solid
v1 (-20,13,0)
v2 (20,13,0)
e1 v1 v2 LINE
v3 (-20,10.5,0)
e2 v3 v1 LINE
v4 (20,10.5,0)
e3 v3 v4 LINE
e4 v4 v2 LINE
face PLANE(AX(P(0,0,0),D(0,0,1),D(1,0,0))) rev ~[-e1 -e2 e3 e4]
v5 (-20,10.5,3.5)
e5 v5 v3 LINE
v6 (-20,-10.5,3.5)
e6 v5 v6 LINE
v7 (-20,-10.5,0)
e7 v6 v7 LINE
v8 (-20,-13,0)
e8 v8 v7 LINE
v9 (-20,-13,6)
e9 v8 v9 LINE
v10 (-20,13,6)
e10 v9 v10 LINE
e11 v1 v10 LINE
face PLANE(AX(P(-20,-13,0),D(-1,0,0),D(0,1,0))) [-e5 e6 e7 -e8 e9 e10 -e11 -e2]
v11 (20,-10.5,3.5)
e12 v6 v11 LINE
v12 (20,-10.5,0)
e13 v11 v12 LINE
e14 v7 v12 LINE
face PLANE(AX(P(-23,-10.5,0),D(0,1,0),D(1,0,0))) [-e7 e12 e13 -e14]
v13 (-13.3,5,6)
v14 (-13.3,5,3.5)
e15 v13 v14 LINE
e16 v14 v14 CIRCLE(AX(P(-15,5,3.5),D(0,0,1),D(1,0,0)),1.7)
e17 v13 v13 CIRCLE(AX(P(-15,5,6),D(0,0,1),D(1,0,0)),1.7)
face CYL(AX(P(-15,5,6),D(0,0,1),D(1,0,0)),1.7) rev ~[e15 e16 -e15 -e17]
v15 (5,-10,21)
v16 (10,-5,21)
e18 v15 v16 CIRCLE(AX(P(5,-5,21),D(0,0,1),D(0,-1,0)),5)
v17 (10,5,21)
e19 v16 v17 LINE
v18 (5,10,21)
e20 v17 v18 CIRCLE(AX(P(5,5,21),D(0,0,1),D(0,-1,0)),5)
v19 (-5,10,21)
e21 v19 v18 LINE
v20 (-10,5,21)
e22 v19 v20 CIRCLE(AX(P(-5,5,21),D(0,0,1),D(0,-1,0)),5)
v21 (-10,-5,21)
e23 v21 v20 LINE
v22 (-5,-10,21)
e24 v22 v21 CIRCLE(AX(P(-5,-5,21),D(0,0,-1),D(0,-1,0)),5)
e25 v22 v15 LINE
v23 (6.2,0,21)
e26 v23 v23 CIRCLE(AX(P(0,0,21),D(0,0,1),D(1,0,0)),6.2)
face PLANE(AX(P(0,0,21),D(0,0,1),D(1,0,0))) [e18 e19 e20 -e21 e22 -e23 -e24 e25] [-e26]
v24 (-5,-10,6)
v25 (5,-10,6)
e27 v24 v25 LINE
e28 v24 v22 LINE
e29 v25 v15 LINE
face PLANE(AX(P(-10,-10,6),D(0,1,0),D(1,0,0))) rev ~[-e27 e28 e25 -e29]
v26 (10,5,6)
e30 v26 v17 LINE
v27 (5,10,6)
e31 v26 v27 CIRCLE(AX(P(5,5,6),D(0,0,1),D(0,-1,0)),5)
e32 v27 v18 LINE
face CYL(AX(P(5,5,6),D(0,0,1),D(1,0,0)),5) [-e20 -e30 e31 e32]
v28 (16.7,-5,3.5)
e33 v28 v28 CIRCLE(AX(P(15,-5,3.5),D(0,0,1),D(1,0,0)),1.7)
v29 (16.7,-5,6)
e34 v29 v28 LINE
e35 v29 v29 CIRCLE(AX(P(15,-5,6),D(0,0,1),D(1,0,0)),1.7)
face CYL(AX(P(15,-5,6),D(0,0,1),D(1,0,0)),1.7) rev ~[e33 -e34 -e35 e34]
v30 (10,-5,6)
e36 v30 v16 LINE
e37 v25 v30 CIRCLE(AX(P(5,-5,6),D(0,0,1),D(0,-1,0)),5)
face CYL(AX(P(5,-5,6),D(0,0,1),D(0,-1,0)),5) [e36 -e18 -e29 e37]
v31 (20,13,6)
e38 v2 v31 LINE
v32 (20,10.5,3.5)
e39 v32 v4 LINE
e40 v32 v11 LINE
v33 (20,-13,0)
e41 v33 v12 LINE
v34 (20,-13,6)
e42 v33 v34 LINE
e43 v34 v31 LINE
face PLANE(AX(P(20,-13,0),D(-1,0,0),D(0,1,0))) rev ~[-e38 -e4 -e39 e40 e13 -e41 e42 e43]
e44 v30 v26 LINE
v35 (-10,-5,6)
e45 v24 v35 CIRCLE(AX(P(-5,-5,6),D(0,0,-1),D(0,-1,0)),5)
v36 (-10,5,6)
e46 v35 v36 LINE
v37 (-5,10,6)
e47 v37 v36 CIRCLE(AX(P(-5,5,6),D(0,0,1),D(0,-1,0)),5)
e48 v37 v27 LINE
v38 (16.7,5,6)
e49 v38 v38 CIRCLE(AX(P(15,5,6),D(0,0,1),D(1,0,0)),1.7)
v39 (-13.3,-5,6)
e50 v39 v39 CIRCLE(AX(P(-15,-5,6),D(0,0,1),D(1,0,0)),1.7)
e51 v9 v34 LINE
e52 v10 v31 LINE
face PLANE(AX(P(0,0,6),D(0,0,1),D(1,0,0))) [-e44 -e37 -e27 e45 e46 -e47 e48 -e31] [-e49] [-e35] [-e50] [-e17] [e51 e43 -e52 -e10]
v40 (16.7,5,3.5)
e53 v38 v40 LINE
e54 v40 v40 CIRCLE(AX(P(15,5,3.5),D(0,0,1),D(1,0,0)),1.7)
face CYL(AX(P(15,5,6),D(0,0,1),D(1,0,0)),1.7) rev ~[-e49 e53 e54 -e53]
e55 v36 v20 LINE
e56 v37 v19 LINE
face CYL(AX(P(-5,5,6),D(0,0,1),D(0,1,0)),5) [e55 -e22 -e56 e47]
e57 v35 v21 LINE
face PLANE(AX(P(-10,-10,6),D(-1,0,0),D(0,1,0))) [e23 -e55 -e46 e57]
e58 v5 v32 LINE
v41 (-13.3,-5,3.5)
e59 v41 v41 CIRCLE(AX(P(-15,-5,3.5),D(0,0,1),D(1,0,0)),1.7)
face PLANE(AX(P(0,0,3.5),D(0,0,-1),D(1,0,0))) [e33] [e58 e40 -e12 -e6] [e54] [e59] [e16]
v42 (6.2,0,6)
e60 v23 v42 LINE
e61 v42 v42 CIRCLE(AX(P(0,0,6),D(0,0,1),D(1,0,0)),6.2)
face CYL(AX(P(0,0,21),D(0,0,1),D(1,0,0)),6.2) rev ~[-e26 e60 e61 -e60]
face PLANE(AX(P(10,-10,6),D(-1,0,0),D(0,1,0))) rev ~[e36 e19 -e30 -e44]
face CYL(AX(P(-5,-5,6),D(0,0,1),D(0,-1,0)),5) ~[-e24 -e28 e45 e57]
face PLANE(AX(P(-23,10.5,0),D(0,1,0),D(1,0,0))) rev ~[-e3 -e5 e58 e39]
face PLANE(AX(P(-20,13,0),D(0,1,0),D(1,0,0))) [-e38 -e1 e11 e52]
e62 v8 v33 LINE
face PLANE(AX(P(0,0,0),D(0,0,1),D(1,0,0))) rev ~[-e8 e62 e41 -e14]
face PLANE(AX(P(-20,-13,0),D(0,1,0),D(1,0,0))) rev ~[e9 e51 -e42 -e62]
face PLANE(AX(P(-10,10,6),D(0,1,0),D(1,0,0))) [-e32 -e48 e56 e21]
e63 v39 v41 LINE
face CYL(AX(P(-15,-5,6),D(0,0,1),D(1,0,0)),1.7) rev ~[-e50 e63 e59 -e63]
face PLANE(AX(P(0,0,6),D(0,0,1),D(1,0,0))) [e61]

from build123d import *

# Parameters (mm, degrees)
SKETCH_W        = 40
SKETCH_H        = 26
PAD_DEPTH       = 6
SKETCH001_W     = 46
SKETCH001_H     = 21
POCKET_DEPTH    = 3.5
SKETCH002_R     = 1.7
POCKET001_DEPTH = 2.5
SKETCH003_W     = 20
SKETCH003_H     = 20
PAD001_DEPTH    = 15
SKETCH004_R     = 6.2
POCKET002_DEPTH = 15
FILLET_R        = 5


with BuildPart() as part:
    # Sketch → Pad (new body)
    with BuildSketch(Plane.XY):
        Rectangle(SKETCH_W, SKETCH_H)
    extrude(amount=PAD_DEPTH)

    # Sketch001 (on Face5 of Pad) → Pocket (cut)
    with BuildSketch(Plane(origin=(0, 0, 0), x_dir=(1, 0, 0), z_dir=(0, 0, -1))):
        Rectangle(SKETCH001_W, SKETCH001_H)
    extrude(amount=-POCKET_DEPTH, mode=Mode.SUBTRACT)

    # Sketch002 (on Face5 of Pocket) → Pocket001 (cut)
    with BuildSketch(Plane.XY.offset(6)):
        with Locations((-15, 5)):
            Circle(SKETCH002_R)
        with Locations((15, 5)):
            Circle(SKETCH002_R)
        with Locations((15, -5)):
            Circle(SKETCH002_R)
        with Locations((-15, -5)):
            Circle(SKETCH002_R)
    extrude(amount=-POCKET001_DEPTH, mode=Mode.SUBTRACT)

    # Sketch003 (on Face5 of Pocket001) → Pad001 (join)
    with BuildSketch(Plane.XY.offset(6)):
        Rectangle(SKETCH003_W, SKETCH003_H)
    extrude(amount=PAD001_DEPTH)

    # Sketch004 (on Face19 of Pad001) → Pocket002 (cut)
    with BuildSketch(Plane.XY.offset(21)):
        Circle(SKETCH004_R)
    extrude(amount=-POCKET002_DEPTH, mode=Mode.SUBTRACT)

    # Fillet
    fillet_edges = [part.edges().sort_by_distance(p)[0] for p in [
        (-10, -10, 13.5),
        (-10, 10, 13.5),
        (10, -10, 13.5),
        (10, 10, 13.5),
    ]]
    fillet(fillet_edges, radius=FILLET_R)


solid = part.part
